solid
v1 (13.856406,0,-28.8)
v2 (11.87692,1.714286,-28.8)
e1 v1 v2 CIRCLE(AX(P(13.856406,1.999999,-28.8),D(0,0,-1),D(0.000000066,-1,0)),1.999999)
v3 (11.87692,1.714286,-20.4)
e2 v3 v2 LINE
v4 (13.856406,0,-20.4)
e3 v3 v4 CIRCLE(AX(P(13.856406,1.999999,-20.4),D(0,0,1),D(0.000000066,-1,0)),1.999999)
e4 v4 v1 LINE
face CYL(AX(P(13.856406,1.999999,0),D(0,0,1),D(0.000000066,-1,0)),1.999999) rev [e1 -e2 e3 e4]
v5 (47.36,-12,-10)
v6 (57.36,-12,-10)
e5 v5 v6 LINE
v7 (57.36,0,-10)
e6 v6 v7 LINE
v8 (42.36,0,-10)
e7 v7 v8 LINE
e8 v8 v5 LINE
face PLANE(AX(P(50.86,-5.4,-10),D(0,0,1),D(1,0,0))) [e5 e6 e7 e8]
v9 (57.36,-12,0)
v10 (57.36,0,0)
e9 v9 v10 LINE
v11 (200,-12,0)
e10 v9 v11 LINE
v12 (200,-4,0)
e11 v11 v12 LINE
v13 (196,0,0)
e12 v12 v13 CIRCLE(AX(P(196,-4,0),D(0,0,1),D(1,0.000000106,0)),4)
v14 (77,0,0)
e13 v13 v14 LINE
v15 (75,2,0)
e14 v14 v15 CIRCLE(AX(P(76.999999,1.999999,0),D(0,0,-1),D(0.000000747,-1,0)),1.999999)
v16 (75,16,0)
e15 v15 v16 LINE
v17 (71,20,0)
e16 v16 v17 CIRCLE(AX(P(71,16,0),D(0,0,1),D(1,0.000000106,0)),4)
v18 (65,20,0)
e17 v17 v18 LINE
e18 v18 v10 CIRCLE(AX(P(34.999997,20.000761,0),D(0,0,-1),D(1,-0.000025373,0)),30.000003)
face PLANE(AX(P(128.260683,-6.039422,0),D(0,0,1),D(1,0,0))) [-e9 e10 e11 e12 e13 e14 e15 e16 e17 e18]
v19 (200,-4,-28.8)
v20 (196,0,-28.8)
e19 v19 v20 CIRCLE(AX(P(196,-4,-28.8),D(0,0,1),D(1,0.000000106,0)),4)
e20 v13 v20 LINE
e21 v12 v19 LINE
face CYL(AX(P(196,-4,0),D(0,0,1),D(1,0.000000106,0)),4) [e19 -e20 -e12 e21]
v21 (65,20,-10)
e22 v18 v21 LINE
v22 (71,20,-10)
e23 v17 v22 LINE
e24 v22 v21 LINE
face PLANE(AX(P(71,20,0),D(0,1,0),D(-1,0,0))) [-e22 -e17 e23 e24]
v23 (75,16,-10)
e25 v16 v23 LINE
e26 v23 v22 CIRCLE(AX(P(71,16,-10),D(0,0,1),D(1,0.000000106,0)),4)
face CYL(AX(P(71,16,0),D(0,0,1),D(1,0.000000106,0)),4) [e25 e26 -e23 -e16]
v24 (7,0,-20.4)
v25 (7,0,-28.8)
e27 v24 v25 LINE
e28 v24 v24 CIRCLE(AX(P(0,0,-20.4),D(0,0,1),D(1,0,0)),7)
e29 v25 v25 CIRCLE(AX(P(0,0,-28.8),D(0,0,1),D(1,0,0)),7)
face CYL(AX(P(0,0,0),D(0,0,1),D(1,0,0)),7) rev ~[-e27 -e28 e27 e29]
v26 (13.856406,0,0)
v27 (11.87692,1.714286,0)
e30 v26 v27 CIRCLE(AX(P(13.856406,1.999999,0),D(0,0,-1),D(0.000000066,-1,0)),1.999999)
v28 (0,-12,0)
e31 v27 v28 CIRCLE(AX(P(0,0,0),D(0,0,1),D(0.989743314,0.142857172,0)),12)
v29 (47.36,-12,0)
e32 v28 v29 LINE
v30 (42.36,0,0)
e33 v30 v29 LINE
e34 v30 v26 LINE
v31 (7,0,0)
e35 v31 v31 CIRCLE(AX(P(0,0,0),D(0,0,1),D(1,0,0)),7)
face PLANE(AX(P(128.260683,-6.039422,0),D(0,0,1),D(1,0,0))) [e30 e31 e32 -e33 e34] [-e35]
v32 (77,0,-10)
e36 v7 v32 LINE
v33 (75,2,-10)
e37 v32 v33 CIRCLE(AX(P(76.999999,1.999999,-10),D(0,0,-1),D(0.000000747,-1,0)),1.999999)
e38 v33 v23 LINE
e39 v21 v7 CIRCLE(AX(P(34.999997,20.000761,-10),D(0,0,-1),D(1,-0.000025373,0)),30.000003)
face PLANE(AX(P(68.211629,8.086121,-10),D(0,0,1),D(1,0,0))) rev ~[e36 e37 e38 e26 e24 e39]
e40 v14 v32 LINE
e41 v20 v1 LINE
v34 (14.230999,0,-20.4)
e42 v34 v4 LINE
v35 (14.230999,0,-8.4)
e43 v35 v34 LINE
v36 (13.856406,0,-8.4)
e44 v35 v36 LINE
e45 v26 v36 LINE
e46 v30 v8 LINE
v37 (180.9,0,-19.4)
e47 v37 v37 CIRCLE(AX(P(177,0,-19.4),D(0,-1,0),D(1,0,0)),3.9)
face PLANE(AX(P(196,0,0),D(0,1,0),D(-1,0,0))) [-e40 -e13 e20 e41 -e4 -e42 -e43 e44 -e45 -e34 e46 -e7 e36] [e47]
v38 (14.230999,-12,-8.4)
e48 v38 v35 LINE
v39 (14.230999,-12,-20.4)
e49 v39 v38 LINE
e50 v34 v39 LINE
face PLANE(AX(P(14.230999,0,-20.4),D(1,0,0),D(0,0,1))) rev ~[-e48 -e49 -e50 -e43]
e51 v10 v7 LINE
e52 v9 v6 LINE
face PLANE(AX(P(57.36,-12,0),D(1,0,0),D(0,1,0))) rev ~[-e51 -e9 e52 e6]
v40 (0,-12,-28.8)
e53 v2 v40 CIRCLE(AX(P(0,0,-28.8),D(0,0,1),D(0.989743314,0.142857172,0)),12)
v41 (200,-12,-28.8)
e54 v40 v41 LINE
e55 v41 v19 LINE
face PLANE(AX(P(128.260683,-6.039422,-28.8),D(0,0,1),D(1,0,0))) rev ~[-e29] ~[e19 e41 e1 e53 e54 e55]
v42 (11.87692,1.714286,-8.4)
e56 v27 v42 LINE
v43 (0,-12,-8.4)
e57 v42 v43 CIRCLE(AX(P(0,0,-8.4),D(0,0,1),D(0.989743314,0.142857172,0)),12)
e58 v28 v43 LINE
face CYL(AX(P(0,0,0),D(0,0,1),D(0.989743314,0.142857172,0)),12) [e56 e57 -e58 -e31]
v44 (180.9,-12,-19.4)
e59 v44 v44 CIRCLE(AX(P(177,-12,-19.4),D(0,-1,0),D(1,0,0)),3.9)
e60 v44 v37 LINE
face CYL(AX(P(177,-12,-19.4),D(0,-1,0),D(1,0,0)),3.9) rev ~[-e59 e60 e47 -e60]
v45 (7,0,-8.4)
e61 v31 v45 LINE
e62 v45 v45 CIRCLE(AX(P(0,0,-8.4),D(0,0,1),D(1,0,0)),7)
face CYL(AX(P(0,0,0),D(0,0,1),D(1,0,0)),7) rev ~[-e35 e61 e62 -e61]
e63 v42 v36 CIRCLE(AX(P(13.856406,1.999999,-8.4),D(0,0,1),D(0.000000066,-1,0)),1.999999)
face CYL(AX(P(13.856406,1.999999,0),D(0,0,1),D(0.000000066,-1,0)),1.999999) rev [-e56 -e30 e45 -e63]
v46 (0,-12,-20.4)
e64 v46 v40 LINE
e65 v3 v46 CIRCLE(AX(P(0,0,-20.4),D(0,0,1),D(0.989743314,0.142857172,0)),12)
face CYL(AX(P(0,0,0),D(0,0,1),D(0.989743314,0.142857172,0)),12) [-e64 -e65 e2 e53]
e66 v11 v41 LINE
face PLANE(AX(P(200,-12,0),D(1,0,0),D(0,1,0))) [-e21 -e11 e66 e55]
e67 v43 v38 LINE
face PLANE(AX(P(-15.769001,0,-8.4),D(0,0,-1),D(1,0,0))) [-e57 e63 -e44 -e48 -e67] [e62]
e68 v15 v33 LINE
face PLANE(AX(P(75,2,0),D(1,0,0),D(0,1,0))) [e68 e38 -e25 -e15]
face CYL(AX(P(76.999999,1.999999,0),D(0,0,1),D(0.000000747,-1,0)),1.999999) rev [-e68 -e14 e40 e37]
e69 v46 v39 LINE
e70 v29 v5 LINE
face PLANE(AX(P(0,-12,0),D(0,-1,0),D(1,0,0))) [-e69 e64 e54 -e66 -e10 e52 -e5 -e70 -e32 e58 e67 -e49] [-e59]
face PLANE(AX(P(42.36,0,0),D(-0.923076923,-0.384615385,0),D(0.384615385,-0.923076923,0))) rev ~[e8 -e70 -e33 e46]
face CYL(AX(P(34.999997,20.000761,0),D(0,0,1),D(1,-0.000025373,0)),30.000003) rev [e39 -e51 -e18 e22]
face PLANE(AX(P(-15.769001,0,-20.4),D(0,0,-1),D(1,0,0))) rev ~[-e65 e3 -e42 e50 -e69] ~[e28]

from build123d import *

# Parameters (mm, degrees)
F0_R     = 7
F1_DEPTH = 28.8
F2_DEPTH = 10
F3_DEPTH = 10
F4_R     = 3.9
F5_DEPTH = 32.001
F6_W     = 30
F6_H     = 12
F7_DEPTH = 50


with BuildPart() as f1:
    # F0 (on Top) → F1 (new body)
    with BuildSketch(Plane.XY):
        with BuildLine():
            Line((57.36, 0), (57.36, -12))
            Line((57.36, -12), (200, -12))
            Line((200, -12), (200, -4))
            ThreePointArc((200, -4), (198.828427, -1.171573), (196, 0))
            Line((196, 0), (77, 0))
            Line((77, 0), (57.36, 0))
        make_face()
        with BuildLine():
            ThreePointArc((11.87692, 1.714286), (-9.071147, 7.855844), (0, -12))
            Line((0, -12), (47.36, -12))
            Line((47.36, -12), (42.36, 0))
            Line((42.36, 0), (13.856406, 0))
            ThreePointArc((13.856406, 0), (12.547099, 0.488142), (11.87692, 1.714286))
        make_face()
        Circle(F0_R, mode=Mode.SUBTRACT)
        Polygon((42.36, 0), (47.36, -12), (57.36, -12), (57.36, 0), align=None)
    extrude(amount=-F1_DEPTH)

    # F0 (on Top) → F2 (join)
    with BuildSketch(Plane.XY):
        with BuildLine():
            ThreePointArc((65, 20), (63.024853, 9.295266), (57.36, 0))
            Line((57.36, 0), (77, 0))
            ThreePointArc((77, 0), (75.585786, 0.585786), (75, 2))
            Line((75, 2), (75, 16))
            ThreePointArc((75, 16), (73.828427, 18.828427), (71, 20))
            Line((71, 20), (65, 20))
        make_face()
    extrude(amount=-F2_DEPTH)

    # F0 (on Top) → F3 (cut)
    with BuildSketch(Plane.XY):
        Polygon((42.36, 0), (47.36, -12), (57.36, -12), (57.36, 0), align=None)
    extrude(amount=-F3_DEPTH, mode=Mode.SUBTRACT)

    # F4 (on face) → F5 (cut, through all)
    with BuildSketch(Plane.XZ.offset(12)):
        with Locations((177, -19.4)):
            Circle(F4_R)
    extrude(amount=-F5_DEPTH, mode=Mode.SUBTRACT)

    # F6 (on Front) → F7 (cut, symmetric)
    with BuildSketch(Plane.XZ):
        with Locations((-0.769001, -14.4)):
            Rectangle(F6_W, F6_H)
    extrude(amount=F7_DEPTH, both=True, mode=Mode.SUBTRACT)


solid = f1.part
